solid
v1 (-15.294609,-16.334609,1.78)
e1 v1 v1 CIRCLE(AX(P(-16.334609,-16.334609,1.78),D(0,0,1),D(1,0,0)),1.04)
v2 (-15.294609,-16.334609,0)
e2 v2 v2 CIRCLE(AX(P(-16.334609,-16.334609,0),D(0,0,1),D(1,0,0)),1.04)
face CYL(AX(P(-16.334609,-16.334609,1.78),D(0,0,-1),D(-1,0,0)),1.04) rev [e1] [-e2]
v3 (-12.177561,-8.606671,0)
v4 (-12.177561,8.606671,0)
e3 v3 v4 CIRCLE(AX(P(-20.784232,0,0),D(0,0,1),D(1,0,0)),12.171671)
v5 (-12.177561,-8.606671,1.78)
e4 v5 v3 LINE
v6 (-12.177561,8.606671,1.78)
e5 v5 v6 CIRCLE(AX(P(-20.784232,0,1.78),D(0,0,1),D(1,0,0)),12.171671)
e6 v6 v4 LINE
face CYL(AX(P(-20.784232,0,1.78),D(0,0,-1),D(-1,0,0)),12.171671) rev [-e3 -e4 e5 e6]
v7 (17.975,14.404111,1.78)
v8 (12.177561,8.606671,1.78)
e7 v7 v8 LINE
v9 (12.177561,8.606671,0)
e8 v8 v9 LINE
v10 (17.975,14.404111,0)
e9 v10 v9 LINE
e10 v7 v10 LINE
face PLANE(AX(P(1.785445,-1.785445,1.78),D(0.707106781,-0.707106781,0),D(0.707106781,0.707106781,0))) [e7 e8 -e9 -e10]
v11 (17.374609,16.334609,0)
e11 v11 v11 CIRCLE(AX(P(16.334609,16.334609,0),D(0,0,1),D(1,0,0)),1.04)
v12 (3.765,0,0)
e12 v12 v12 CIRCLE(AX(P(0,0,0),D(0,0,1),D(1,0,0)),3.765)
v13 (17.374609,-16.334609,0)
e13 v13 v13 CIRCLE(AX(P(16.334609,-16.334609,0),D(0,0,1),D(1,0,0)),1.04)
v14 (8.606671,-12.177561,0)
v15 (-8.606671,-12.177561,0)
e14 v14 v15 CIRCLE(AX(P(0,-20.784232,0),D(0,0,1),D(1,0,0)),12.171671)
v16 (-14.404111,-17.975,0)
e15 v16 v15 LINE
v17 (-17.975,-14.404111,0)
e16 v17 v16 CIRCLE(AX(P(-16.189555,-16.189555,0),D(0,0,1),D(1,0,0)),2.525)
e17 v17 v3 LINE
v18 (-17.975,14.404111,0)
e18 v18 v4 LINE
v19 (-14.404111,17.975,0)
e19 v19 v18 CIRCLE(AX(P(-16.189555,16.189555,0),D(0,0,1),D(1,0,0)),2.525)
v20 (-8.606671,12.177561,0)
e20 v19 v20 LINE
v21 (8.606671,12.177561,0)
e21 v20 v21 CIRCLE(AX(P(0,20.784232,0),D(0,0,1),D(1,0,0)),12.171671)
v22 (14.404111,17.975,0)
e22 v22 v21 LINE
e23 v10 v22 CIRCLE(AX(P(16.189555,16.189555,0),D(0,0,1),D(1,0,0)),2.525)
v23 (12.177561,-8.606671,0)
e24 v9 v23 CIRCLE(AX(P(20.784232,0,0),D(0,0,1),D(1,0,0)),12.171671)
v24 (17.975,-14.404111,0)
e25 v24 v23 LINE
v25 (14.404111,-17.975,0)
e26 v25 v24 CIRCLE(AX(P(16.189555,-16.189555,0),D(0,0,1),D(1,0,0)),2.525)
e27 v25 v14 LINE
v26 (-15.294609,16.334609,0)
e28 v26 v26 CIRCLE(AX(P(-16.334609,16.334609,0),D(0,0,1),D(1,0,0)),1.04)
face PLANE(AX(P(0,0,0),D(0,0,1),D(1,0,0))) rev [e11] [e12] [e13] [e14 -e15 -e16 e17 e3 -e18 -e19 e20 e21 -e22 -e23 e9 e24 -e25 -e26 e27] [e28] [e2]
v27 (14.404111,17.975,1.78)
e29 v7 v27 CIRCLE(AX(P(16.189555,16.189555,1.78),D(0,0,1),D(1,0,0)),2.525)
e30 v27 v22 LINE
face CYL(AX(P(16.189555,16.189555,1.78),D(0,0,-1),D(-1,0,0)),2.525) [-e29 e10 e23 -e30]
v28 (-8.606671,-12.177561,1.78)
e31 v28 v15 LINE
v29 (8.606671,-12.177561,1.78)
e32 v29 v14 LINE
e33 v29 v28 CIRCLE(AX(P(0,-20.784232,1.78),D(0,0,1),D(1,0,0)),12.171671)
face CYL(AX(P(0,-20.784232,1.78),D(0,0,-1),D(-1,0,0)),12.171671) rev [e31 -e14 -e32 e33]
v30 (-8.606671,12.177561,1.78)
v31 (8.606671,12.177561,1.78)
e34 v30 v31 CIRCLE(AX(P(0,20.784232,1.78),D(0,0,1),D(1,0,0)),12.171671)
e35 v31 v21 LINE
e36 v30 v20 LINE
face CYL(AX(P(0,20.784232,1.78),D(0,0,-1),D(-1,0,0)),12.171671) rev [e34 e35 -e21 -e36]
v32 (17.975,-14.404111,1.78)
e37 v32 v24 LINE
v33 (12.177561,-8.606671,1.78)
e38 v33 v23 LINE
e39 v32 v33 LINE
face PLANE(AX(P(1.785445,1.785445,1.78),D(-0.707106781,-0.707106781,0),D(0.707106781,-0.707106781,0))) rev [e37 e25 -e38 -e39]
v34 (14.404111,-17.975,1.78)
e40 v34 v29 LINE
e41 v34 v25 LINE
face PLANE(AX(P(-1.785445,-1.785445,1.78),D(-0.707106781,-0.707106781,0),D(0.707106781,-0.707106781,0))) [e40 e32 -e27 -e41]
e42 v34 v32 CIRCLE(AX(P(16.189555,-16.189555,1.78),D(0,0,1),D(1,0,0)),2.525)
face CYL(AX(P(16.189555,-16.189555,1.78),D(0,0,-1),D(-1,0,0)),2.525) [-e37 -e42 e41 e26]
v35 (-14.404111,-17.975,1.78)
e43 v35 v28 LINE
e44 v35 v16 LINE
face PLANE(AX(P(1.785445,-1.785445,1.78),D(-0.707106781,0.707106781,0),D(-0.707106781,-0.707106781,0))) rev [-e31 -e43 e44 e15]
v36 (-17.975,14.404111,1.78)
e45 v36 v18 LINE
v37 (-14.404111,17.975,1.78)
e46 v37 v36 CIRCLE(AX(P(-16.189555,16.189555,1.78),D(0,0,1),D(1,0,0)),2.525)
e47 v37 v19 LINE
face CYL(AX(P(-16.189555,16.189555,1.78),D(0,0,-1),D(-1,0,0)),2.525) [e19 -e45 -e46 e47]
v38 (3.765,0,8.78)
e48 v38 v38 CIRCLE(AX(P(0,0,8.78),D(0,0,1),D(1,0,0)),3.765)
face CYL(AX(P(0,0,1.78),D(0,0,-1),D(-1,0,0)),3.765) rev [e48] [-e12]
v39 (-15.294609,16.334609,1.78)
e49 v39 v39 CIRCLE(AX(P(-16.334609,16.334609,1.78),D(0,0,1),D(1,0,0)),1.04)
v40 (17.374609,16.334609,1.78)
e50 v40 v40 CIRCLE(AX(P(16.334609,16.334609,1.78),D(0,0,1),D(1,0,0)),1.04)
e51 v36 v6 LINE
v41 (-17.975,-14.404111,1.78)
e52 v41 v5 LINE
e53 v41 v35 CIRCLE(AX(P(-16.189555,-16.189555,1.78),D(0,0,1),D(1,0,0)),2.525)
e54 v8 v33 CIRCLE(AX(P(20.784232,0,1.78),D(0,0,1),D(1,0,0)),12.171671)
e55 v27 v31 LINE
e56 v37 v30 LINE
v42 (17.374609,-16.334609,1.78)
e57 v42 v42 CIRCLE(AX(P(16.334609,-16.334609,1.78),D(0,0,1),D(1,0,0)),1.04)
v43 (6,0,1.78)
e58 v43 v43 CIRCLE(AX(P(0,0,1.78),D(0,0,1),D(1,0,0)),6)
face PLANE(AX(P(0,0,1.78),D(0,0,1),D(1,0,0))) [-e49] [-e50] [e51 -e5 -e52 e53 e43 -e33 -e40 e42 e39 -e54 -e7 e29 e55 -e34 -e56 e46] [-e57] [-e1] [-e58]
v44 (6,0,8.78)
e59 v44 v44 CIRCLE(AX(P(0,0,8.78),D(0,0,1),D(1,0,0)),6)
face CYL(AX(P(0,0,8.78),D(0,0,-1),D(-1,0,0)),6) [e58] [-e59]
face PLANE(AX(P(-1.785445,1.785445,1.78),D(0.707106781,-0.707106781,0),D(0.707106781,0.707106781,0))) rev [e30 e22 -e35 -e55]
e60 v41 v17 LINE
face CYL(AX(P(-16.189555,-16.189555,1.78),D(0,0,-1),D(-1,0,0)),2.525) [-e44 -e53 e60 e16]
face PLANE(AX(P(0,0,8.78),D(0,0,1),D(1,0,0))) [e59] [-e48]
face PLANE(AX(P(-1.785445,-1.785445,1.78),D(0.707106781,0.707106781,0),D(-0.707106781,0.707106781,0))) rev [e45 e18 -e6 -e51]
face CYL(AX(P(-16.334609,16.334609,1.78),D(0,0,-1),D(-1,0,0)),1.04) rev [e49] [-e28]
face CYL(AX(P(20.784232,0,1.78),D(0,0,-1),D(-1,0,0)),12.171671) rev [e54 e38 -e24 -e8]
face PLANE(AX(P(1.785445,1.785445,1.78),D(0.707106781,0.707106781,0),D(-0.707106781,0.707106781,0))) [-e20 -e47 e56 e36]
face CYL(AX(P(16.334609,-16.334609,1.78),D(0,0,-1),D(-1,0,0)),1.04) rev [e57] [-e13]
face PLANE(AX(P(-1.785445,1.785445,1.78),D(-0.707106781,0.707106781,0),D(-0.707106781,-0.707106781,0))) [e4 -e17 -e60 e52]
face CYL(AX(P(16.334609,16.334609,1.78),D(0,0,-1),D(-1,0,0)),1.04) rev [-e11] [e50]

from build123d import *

# Parameters (mm, degrees)
SKETCH1_R           = 3.765
BOSS_EXTRUDE1_DEPTH = 1.78
SKETCH2_R           = 6
SKETCH2_R_2         = 3.765
BOSS_EXTRUDE2_DEPTH = 7


with BuildPart() as part:
    # Sketch1 → Boss-Extrude1 (new body)
    with BuildSketch(Plane.XY):
        with BuildLine():
            Line((-17.975, 14.404110755), (-12.177560595, 8.60667135))
            ThreePointArc((-12.177560595, 8.60667135), (-8.612560595, 0), (-12.177560595, -8.60667135))
            Line((-12.177560595, -8.60667135), (-17.975, -14.404110755))
            ThreePointArc((-17.975, -14.404110755), (-18.714555378, -16.189555378), (-17.975, -17.975))
            ThreePointArc((-17.975, -17.975), (-16.189555378, -18.714555378), (-14.404110755, -17.975))
            Line((-14.404110755, -17.975), (-8.60667135, -12.177560595))
            ThreePointArc((-8.60667135, -12.177560595), (0, -8.612560595), (8.60667135, -12.177560595))
            Line((8.60667135, -12.177560595), (14.404110755, -17.975))
            ThreePointArc((14.404110755, -17.975), (16.189555378, -18.714555378), (17.975, -17.975))
            ThreePointArc((17.975, -17.975), (18.714555378, -16.189555378), (17.975, -14.404110755))
            Line((17.975, -14.404110755), (12.177560595, -8.60667135))
            ThreePointArc((12.177560595, -8.60667135), (8.612560595, 0), (12.177560595, 8.60667135))
            Line((12.177560595, 8.60667135), (17.975, 14.404110755))
            ThreePointArc((17.975, 14.404110755), (18.714555378, 16.189555378), (17.975, 17.975))
            ThreePointArc((17.975, 17.975), (16.189555378, 18.714555378), (14.404110755, 17.975))
            Line((14.404110755, 17.975), (8.60667135, 12.177560595))
            ThreePointArc((8.60667135, 12.177560595), (0, 8.612560595), (-8.60667135, 12.177560595))
            Line((-8.60667135, 12.177560595), (-14.404110755, 17.975))
            ThreePointArc((-14.404110755, 17.975), (-16.189555378, 18.714555378), (-17.975, 17.975))
            ThreePointArc((-17.975, 17.975), (-18.714555378, 16.189555378), (-17.975, 14.404110755))
        make_face()
        Circle(SKETCH1_R, mode=Mode.SUBTRACT)
        with BuildLine():
            ThreePointArc((-17.07, 17.07), (-17.07, 15.599217895), (-15.599217895, 15.599217895))
            ThreePointArc((-15.599217895, 15.599217895), (-15.599217895, 17.07), (-17.07, 17.07))
        make_face(mode=Mode.SUBTRACT)
        with BuildLine():
            ThreePointArc((-15.599217895, -15.599217895), (-17.07, -15.599217895), (-17.07, -17.07))
            ThreePointArc((-17.07, -17.07), (-15.599217895, -17.07), (-15.599217895, -15.599217895))
        make_face(mode=Mode.SUBTRACT)
        with BuildLine():
            ThreePointArc((17.07, 17.07), (15.599217895, 17.07), (15.599217895, 15.599217895))
            ThreePointArc((15.599217895, 15.599217895), (17.07, 15.599217895), (17.07, 17.07))
        make_face(mode=Mode.SUBTRACT)
        with BuildLine():
            ThreePointArc((17.07, -17.07), (17.07, -15.599217895), (15.599217895, -15.599217895))
            ThreePointArc((15.599217895, -15.599217895), (15.599217895, -17.07), (17.07, -17.07))
        make_face(mode=Mode.SUBTRACT)
    extrude(amount=BOSS_EXTRUDE1_DEPTH)

    # Sketch2 → Boss-Extrude2 (add)
    with BuildSketch(Plane.XY.offset(1.78)):
        Circle(SKETCH2_R)
        Circle(SKETCH2_R_2, mode=Mode.SUBTRACT)
    extrude(amount=BOSS_EXTRUDE2_DEPTH)


solid = part.part
